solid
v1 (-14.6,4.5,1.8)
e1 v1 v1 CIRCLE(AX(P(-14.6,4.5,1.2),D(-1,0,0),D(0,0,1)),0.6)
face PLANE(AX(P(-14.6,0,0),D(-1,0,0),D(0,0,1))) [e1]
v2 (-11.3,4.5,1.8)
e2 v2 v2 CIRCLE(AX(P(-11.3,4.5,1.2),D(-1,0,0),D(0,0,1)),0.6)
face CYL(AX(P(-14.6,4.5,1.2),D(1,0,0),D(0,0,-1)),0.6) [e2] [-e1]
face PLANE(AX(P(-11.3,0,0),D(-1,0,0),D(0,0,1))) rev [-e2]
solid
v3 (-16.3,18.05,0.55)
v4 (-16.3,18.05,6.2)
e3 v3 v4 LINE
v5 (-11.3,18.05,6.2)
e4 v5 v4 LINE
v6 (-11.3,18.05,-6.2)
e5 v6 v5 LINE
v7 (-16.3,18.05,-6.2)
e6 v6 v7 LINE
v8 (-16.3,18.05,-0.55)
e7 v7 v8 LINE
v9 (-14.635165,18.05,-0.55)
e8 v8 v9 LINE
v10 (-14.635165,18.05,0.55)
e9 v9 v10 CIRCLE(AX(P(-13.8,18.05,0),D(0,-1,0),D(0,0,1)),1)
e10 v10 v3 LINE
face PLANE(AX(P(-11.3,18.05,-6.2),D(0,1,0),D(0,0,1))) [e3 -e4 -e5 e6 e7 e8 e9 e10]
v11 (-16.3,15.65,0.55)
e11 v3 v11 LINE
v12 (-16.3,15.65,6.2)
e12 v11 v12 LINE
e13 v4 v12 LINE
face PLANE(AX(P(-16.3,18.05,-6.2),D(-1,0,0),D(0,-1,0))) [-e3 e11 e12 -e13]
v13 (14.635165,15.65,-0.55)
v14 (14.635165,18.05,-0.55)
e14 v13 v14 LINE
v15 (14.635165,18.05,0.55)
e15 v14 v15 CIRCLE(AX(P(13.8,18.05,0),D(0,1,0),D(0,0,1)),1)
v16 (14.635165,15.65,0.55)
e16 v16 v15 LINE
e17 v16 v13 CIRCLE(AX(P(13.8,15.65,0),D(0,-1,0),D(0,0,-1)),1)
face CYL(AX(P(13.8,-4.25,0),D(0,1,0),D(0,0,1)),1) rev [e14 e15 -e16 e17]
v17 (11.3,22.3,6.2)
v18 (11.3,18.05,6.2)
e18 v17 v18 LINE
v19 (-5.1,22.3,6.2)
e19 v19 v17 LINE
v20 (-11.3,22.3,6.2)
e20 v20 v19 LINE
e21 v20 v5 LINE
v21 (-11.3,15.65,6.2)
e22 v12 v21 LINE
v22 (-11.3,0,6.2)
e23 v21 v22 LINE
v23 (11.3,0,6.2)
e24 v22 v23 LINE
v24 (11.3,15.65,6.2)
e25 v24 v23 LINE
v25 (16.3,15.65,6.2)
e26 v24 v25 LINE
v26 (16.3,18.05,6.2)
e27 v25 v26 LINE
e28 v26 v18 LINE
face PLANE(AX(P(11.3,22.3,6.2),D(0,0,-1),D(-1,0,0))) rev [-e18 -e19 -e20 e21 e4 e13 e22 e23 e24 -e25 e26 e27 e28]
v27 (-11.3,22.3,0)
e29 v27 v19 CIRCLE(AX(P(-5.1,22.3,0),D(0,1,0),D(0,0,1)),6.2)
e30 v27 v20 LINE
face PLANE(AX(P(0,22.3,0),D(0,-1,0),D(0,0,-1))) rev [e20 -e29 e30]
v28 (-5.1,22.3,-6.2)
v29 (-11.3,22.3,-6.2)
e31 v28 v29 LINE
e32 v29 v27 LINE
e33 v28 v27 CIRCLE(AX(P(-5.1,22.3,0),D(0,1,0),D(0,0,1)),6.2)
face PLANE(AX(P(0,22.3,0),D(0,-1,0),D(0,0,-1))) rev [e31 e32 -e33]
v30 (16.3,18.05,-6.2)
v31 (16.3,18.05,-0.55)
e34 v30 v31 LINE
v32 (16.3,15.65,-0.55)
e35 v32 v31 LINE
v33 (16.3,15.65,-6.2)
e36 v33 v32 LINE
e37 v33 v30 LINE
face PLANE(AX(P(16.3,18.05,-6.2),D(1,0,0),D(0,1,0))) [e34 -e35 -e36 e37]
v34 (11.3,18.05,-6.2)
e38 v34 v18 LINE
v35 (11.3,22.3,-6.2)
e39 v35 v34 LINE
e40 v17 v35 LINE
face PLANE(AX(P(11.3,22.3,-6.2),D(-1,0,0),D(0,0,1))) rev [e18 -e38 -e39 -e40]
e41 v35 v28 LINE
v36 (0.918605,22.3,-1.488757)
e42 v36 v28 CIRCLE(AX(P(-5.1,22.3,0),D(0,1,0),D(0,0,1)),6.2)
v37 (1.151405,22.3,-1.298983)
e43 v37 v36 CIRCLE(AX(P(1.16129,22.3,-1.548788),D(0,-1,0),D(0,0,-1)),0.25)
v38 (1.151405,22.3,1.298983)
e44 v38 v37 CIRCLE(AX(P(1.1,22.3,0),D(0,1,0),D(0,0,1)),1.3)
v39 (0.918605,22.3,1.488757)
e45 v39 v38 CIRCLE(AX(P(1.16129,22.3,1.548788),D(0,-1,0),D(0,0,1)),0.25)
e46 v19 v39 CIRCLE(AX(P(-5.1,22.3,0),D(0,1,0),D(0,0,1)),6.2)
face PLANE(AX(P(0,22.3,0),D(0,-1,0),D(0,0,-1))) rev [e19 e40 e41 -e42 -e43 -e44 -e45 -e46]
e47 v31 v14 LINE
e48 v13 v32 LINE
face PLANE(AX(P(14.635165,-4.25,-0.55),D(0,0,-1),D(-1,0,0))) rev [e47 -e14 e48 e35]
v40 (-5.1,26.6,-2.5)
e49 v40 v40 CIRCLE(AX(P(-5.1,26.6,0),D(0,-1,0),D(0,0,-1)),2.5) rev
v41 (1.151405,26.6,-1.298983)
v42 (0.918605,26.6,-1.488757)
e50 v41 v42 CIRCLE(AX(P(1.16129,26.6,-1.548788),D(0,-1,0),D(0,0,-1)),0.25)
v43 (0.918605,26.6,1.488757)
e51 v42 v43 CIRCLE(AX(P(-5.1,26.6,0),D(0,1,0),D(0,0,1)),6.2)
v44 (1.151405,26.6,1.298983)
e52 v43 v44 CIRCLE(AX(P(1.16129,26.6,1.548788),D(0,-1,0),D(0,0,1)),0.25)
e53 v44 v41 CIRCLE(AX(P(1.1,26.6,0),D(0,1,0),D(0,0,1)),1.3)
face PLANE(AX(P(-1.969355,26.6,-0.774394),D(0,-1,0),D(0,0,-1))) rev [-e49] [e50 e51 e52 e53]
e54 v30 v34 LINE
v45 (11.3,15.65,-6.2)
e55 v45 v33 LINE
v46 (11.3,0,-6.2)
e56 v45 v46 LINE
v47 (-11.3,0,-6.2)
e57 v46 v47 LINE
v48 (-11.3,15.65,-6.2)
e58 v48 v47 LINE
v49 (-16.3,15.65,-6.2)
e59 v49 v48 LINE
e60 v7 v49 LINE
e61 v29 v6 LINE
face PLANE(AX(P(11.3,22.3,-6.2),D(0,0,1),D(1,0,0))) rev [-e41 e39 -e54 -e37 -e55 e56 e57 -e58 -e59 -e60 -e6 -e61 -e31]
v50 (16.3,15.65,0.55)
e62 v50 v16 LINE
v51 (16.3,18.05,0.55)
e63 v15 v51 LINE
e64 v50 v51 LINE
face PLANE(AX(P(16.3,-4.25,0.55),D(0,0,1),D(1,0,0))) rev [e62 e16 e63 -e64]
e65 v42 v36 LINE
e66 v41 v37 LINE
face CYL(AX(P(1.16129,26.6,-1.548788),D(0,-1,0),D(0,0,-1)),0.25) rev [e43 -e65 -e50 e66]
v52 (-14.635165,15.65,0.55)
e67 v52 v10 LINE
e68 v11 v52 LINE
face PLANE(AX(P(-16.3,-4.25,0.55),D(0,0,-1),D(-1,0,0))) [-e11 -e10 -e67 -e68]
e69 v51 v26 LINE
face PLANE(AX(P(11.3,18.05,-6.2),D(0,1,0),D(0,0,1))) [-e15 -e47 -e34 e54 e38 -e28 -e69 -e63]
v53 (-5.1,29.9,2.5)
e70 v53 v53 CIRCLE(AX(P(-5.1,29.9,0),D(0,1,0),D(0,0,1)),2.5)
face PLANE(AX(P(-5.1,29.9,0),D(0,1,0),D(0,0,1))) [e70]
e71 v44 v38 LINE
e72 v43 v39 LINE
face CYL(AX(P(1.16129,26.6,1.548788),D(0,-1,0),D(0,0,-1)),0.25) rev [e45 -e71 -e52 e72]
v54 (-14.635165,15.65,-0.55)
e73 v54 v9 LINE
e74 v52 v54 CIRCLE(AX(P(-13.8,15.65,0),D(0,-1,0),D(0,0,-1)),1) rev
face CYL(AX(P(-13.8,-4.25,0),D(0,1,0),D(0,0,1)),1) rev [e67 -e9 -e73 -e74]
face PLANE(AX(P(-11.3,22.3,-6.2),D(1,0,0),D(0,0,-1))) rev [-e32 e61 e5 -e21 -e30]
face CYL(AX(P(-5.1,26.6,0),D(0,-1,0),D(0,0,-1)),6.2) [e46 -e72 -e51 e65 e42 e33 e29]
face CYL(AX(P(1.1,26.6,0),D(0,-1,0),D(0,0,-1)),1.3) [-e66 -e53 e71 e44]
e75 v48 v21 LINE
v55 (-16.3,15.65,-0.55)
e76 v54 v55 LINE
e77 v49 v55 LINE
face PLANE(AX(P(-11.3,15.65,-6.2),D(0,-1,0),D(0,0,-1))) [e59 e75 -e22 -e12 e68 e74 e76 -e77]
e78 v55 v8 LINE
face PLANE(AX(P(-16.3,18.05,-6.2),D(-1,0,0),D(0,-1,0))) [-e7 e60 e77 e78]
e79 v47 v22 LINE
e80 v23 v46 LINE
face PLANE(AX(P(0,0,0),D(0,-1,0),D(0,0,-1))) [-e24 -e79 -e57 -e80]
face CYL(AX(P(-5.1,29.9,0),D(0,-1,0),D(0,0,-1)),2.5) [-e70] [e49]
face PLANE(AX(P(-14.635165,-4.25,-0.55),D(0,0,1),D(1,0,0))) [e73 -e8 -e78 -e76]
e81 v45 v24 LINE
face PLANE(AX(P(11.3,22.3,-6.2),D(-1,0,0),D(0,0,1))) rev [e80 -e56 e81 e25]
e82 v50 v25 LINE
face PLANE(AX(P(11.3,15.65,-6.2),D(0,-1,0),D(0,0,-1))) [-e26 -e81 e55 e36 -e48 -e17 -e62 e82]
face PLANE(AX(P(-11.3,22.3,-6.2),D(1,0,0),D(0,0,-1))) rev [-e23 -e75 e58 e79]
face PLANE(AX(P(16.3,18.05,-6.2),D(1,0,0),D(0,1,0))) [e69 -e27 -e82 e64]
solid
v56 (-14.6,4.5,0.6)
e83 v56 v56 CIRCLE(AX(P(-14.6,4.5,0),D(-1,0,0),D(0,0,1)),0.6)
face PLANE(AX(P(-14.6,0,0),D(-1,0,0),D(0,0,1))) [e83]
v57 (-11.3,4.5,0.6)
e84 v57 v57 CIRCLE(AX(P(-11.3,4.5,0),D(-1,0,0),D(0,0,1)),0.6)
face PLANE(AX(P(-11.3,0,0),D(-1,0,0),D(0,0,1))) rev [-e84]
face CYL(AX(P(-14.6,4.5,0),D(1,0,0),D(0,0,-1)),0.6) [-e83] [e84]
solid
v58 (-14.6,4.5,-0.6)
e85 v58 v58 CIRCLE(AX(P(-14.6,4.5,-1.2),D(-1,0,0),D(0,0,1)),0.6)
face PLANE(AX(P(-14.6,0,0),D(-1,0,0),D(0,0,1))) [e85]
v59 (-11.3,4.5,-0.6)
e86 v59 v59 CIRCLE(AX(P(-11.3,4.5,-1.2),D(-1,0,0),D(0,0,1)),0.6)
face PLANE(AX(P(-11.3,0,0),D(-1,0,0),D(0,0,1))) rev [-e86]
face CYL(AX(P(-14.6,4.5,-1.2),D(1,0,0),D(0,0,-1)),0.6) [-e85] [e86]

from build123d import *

# Parameters (mm, degrees)
SKETCH3_W             = 22.6
SKETCH3_H             = 12.4
BOSS_EXTRUDE1_DEPTH   = 22.3
SKETCH4_W             = 5
SKETCH4_H             = 2.4
BOSS_EXTRUDE2_DEPTH   = 12.4
CUT_EXTRUDE1_DEPTH    = 22.3
BOSS_EXTRUDE3_DEPTH   = 4.3
SKETCH8_R             = 2.5
BOSS_EXTRUDE4_DEPTH   = 3.3
SKETCH9_R             = 0.6
BOSS_EXTRUDE6_DEPTH   = 3.3
BOSS_EXTRUDE6_2_DEPTH = 3.3
BOSS_EXTRUDE6_3_DEPTH = 3.3


with BuildPart() as part:
    # Sketch3 → Boss-Extrude1 (new body)
    with BuildSketch(Plane(origin=(0, 0, 0), x_dir=(1, 0, 0), z_dir=(0, 1, 0))):
        Rectangle(SKETCH3_W, SKETCH3_H)
    extrude(amount=BOSS_EXTRUDE1_DEPTH)

    # Sketch4 → Boss-Extrude2 (add)
    with BuildSketch(Plane.XY.offset(6.2)):
        with Locations((13.8, 16.85)):
            Rectangle(SKETCH4_W, SKETCH4_H)
        with Locations((-13.8, 16.85)):
            Rectangle(SKETCH4_W, SKETCH4_H)
    extrude(amount=-BOSS_EXTRUDE2_DEPTH)

    # Sketch5 → Cut-Extrude1 (cut)
    with BuildSketch(Plane(origin=(0, 18.05, 0), x_dir=(1, 0, 0), z_dir=(0, 1, 0))):
        with BuildLine():
            Line((14.635164654, 0.55), (16.3, 0.55))
            Line((16.3, 0.55), (16.3, -0.55))
            Line((16.3, -0.55), (14.635164654, -0.55))
            ThreePointArc((14.635164654, -0.55), (12.8, 0), (14.635164654, 0.55))
        make_face()
    cut_extrude1 = extrude(amount=-CUT_EXTRUDE1_DEPTH, mode=Mode.SUBTRACT)

    # Mirror1: Cut-Extrude1 across plane
    add(cut_extrude1.mirror(Plane(origin=(0, 0, 0), x_dir=(0, 0, 1), z_dir=(1, 0, 0))), mode=Mode.SUBTRACT)

    # Sketch7 → Boss-Extrude3 (add)
    with BuildSketch(Plane(origin=(0, 22.3, 0), x_dir=(1, 0, 0), z_dir=(0, 1, 0))):
        with BuildLine():
            ThreePointArc((0.918604651, 1.488757218), (-11.3, 0), (0.918604651, -1.488757218))
            ThreePointArc((0.918604651, -1.488757218), (1.003329596, -1.355013632), (1.151404787, -1.298983275))
            ThreePointArc((1.151404787, -1.298983275), (2.4, 0), (1.151404787, 1.298983275))
            ThreePointArc((1.151404787, 1.298983275), (1.003329596, 1.355013632), (0.918604651, 1.488757218))
        make_face()
    extrude(amount=BOSS_EXTRUDE3_DEPTH)

    # Sketch8 → Boss-Extrude4 (add)
    with BuildSketch(Plane(origin=(0, 26.6, 0), x_dir=(1, 0, 0), z_dir=(0, 1, 0))):
        with Locations((-5.1, 0)):
            Circle(SKETCH8_R)
    extrude(amount=BOSS_EXTRUDE4_DEPTH)


with BuildPart() as body_2:
    # Sketch9 → Boss-Extrude6 (new body)
    with BuildSketch(Plane.ZY.offset(11.3)):
        with Locations((-1.2, 4.5)):
            Circle(SKETCH9_R)
    extrude(amount=BOSS_EXTRUDE6_DEPTH)


with BuildPart() as body_3:
    # Sketch9 → Boss-Extrude6 2 (new body)
    with BuildSketch(Plane.ZY.offset(11.3)):
        with Locations((0, 4.5)):
            Circle(SKETCH9_R)
    extrude(amount=BOSS_EXTRUDE6_2_DEPTH)


with BuildPart() as body_4:
    # Sketch9 → Boss-Extrude6 3 (new body)
    with BuildSketch(Plane.ZY.offset(11.3)):
        with Locations((1.2, 4.5)):
            Circle(SKETCH9_R)
    extrude(amount=BOSS_EXTRUDE6_3_DEPTH)


solid = Compound([part.part, body_2.part, body_3.part, body_4.part])
